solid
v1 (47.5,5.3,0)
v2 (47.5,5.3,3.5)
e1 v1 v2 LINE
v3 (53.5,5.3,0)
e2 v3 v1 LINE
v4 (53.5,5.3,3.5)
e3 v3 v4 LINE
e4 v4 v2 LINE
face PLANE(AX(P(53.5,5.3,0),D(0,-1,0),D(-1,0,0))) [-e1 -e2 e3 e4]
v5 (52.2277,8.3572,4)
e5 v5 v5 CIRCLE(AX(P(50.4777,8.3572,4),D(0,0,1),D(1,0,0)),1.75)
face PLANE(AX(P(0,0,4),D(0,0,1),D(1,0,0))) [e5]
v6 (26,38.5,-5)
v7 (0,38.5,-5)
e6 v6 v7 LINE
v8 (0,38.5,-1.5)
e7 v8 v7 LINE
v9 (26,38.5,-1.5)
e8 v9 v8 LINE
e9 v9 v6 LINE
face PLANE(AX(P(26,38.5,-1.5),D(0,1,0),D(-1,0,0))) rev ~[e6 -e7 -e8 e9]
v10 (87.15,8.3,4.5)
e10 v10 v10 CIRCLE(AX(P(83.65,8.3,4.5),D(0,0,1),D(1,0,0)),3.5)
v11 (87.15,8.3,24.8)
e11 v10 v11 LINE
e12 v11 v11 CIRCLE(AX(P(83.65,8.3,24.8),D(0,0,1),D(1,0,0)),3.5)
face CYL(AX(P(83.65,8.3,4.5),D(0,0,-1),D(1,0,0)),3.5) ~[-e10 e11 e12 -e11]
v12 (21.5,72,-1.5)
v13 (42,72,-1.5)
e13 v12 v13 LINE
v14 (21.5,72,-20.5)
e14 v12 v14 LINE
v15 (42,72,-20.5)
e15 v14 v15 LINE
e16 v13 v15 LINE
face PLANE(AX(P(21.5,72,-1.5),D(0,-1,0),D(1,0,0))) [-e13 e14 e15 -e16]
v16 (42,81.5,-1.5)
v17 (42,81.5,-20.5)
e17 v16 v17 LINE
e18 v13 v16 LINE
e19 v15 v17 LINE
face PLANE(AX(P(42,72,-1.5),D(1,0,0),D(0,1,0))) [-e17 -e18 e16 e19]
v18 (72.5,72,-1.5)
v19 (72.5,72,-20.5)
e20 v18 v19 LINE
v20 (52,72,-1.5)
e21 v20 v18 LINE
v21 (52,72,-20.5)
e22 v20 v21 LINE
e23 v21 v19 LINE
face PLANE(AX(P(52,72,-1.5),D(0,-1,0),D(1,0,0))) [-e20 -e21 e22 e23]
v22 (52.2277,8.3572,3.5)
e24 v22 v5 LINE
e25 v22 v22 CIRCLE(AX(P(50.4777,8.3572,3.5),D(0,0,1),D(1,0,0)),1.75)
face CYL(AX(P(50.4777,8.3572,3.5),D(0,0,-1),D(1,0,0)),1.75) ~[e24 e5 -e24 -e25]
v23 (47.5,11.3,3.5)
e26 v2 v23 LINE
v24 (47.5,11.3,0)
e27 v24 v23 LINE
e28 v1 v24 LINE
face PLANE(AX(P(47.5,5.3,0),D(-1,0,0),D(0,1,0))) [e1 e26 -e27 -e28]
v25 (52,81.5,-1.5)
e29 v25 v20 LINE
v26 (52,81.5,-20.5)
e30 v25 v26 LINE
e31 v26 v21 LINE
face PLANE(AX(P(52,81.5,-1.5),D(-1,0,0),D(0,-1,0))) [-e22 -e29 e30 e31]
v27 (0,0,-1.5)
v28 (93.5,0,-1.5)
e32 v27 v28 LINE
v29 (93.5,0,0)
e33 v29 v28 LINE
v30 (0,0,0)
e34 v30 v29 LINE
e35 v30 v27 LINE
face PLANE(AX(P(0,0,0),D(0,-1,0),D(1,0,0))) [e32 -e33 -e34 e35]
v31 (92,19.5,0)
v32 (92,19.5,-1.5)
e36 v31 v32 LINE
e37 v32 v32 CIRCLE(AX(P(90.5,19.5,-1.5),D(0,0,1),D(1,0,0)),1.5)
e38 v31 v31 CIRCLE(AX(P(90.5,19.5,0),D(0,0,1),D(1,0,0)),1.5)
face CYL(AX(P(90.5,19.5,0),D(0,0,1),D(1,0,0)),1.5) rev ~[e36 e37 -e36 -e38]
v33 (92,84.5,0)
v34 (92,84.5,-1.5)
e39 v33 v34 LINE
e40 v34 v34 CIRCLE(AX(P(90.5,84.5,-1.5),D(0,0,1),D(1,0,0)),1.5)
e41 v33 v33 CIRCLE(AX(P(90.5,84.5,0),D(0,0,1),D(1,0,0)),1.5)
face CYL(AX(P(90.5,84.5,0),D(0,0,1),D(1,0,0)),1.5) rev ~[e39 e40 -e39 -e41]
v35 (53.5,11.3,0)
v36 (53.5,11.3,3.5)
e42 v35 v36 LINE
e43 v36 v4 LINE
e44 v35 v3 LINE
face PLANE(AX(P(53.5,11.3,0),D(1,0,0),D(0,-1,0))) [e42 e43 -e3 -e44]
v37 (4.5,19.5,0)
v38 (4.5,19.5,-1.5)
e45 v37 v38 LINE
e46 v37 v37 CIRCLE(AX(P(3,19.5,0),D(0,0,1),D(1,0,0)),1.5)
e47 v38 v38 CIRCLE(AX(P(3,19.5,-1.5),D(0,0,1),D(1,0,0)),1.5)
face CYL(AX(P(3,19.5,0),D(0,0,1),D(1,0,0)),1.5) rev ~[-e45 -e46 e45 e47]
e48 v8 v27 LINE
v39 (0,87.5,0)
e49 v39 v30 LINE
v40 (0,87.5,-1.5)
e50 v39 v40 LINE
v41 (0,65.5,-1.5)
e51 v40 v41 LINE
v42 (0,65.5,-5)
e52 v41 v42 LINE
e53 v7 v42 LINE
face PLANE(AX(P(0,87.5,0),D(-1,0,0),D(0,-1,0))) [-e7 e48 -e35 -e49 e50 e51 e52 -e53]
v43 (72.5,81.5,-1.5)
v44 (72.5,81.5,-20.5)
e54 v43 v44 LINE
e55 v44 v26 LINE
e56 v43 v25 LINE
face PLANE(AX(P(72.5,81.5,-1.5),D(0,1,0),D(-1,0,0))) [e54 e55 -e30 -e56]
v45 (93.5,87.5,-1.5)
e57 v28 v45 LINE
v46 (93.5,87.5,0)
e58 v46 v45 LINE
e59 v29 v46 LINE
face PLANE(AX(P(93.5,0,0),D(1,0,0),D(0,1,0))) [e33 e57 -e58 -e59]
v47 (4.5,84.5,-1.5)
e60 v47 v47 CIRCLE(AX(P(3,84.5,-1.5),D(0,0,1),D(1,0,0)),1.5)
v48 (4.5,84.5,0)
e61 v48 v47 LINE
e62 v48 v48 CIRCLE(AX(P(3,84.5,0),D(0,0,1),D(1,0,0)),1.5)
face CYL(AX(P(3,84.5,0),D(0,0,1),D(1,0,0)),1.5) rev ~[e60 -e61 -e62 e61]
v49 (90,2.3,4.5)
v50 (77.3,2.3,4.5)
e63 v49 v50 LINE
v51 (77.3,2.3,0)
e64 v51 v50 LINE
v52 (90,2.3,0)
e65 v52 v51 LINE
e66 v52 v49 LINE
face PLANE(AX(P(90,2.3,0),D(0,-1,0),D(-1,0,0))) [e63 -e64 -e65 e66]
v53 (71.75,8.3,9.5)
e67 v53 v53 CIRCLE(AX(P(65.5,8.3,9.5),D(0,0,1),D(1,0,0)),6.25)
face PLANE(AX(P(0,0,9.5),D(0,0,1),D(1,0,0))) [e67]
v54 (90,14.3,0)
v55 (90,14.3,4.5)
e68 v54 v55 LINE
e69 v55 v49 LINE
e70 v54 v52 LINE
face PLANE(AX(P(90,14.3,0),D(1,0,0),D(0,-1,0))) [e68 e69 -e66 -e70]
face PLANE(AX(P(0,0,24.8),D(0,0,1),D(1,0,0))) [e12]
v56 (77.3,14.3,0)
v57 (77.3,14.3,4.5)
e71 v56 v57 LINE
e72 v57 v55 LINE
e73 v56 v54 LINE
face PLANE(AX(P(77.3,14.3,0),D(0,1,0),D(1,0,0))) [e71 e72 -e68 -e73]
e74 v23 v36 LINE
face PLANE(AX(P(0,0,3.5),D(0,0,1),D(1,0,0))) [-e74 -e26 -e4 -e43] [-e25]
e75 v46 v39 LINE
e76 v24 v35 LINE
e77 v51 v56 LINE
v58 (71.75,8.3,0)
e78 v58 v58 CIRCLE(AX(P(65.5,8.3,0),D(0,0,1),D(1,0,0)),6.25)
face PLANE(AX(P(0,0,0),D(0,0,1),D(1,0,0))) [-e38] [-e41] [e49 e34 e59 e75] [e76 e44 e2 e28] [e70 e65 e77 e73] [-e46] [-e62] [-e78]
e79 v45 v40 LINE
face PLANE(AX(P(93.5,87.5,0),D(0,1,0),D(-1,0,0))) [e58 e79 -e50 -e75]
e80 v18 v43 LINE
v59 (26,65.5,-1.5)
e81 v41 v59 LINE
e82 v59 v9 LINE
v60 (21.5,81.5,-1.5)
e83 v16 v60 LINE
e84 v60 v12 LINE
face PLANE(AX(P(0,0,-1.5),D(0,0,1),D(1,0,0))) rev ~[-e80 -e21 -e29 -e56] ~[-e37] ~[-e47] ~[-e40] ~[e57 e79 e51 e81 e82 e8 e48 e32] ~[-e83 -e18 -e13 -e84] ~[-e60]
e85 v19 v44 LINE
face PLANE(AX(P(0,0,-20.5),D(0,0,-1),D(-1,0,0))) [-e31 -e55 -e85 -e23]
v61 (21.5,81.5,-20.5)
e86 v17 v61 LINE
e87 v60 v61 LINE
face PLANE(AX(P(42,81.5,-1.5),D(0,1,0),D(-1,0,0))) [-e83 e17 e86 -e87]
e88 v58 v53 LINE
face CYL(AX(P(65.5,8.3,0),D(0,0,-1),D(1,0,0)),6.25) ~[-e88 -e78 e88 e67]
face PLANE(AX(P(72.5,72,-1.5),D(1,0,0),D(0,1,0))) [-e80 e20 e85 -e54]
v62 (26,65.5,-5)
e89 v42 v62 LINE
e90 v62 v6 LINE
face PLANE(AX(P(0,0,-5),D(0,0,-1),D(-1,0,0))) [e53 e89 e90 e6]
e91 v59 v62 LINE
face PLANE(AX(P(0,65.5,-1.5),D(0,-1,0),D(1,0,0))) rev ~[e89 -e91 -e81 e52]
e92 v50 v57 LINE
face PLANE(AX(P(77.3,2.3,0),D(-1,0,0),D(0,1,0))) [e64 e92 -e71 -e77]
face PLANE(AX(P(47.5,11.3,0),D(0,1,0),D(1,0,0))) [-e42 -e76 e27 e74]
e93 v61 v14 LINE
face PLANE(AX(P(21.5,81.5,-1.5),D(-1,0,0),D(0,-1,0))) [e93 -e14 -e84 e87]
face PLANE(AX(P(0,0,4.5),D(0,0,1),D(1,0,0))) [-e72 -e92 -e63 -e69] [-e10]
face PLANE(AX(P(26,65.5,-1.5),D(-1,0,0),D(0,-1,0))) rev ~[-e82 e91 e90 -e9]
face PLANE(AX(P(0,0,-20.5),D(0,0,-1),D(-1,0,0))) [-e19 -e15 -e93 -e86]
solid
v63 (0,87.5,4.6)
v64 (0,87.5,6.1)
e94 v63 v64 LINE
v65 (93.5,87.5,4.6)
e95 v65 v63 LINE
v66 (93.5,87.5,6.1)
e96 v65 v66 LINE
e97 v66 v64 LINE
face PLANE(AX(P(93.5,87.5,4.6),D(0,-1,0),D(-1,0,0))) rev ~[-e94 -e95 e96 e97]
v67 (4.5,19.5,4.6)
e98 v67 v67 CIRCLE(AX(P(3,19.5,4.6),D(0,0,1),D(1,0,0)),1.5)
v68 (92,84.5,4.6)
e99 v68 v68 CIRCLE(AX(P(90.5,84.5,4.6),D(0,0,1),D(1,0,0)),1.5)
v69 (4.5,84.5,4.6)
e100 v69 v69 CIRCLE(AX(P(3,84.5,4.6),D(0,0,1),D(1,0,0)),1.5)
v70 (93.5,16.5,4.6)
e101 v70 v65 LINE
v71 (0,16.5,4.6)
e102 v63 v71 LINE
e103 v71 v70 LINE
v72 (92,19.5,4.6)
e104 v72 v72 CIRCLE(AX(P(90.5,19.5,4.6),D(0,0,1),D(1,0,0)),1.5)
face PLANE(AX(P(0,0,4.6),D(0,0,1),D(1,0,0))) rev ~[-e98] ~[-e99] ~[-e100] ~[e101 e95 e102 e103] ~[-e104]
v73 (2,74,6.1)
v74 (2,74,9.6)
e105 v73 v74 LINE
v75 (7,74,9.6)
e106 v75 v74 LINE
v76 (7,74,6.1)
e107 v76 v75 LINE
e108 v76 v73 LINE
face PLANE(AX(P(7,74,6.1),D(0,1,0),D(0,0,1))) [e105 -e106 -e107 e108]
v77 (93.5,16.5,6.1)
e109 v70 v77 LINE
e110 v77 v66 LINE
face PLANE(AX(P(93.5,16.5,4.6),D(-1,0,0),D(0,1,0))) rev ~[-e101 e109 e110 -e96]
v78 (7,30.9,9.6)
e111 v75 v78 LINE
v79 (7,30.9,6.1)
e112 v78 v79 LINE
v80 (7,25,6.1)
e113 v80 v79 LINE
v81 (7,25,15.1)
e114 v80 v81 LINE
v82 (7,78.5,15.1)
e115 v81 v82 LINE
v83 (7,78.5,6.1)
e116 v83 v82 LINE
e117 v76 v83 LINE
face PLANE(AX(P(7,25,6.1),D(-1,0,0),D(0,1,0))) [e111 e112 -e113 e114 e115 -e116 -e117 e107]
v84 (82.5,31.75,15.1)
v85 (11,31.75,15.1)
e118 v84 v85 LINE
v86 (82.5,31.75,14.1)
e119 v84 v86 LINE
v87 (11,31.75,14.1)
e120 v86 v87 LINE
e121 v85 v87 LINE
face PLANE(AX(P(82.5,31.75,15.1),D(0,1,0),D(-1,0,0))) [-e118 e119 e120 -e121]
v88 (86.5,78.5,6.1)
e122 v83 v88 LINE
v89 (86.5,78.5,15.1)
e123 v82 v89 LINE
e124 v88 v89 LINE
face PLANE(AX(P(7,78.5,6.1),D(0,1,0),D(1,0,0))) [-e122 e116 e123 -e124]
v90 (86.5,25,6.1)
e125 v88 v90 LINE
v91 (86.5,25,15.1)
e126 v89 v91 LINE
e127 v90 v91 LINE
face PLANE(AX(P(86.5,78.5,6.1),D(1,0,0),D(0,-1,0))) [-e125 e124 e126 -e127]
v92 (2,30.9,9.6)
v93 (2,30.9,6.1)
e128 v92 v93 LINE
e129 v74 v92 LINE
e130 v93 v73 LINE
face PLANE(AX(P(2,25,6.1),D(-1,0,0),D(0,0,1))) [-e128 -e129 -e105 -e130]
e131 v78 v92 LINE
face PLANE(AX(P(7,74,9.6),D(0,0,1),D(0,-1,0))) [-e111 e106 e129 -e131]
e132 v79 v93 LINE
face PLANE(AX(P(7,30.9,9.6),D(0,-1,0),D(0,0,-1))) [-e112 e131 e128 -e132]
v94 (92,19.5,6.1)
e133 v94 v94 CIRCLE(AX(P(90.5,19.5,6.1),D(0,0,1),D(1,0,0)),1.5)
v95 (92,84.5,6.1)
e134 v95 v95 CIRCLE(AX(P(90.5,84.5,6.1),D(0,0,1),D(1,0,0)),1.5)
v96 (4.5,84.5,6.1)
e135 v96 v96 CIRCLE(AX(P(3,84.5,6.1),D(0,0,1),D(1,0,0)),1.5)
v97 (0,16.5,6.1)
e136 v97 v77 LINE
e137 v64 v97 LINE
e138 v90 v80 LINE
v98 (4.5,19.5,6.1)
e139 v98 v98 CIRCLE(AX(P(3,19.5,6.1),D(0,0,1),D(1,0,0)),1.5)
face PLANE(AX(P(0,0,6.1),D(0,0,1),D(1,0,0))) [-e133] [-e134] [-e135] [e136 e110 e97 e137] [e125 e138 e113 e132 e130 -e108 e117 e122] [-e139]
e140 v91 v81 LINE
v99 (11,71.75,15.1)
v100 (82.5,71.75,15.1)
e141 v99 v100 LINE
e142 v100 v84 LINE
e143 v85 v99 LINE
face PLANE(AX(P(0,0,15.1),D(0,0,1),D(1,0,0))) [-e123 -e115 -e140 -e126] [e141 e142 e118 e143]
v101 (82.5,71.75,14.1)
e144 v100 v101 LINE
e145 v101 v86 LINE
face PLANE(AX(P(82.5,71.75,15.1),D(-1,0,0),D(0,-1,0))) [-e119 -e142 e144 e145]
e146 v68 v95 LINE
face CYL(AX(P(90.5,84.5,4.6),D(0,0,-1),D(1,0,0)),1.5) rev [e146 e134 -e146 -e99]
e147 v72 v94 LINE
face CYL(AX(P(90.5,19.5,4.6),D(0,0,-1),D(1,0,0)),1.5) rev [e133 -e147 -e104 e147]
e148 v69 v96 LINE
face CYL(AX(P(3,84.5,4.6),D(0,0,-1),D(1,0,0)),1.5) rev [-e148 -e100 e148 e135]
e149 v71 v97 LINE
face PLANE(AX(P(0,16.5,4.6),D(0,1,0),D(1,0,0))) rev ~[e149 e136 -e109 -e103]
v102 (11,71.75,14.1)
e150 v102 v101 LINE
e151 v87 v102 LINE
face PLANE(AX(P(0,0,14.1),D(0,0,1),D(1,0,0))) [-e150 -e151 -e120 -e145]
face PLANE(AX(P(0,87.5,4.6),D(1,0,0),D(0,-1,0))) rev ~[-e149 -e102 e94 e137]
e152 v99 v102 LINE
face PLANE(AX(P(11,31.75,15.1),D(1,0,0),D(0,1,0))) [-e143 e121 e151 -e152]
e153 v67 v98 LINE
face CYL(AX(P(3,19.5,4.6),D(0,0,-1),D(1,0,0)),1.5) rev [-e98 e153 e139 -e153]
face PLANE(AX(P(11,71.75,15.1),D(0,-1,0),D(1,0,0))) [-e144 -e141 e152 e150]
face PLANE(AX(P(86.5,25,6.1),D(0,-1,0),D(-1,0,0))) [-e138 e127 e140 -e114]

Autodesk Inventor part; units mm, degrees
ref_plane "YZ Plane" through (0, 0, 0) normal (1, 0, 0) x (0, 1, 0)
ref_plane "XZ Plane" through (0, 0, 0) normal (0, 1, 0) x (-1, 0, 0)
sketch "Sketch1" plane through (0, 0, 0) normal (0, 0, 1) x (1, 0, 0)
  line L0 (0, 0) -> (93.5, 0)
  line L1 (93.5, 0) -> (93.5, 87.5)
  line L2 (93.5, 87.5) -> (0, 87.5)
  line L3 (0, 87.5) -> (0, 0)
  line L4 (3, 84.5) -> (90.5, 84.5) construction
  line L5 (90.5, 84.5) -> (90.5, 19.5) construction
  line L6 (90.5, 19.5) -> (3, 19.5) construction
  line L7 (3, 19.5) -> (3, 84.5) construction
  circle A0 centre (3, 84.5) radius 1.5
  circle A1 centre (90.5, 84.5) radius 1.5
  circle A2 centre (90.5, 19.5) radius 1.5
  circle A3 centre (3, 19.5) radius 1.5
  dimension "d0" = 93.5
  dimension "d1" = 87.5
  dimension "d2" = 87.5
  dimension "d3" = 65
  dimension "d4" = 3
  dimension "d5" = 3
  dimension "d6" = 3
extrude "Extrusion1" add sketch "Sketch1" against normal blind 1.5
sketch "Sketch2" plane through (0, 0, -1.5) normal (0, 0, -1) x (-1, 0, 0)
  line L0 (0, 0) -> (0, 87.5) projected
  line L1 (0, 87.5) -> (-93.5, 87.5) projected
  line L2 (0, 65.5) -> (-26, 65.5)
  line L3 (-26, 65.5) -> (-26, 38.5)
  line L4 (-26, 38.5) -> (0, 38.5)
  line L5 (0, 38.5) -> (0, 65.5)
  dimension "d9" = 22
  dimension "d10" = 26
  dimension "d11" = 27
extrude "Extrusion2" add sketch "Sketch2" along normal blind 3.5
sketch "Sketch3" plane through (0, 0, -1.5) normal (0, 0, -1) x (-1, 0, 0)
  line L0 (0, 65.5) -> (0, 87.5) projected
  line L1 (0, 87.5) -> (-93.5, 87.5) projected
  line L2 (-42, 81.5) -> (-21.5, 81.5)
  line L3 (-21.5, 81.5) -> (-21.5, 72)
  line L4 (-21.5, 72) -> (-42, 72)
  line L5 (-42, 72) -> (-42, 81.5)
  line L6 (-72.5, 81.5) -> (-52, 81.5)
  line L7 (-52, 81.5) -> (-52, 72)
  line L8 (-52, 72) -> (-72.5, 72)
  line L9 (-72.5, 72) -> (-72.5, 81.5)
  dimension "d14" = 21.5
  dimension "d15" = 6
  dimension "d16" = 9.5
  dimension "d17" = 20.5
  dimension "d18" = 10
  dimension "d19" = 6
extrude "Extrusion3" add sketch "Sketch3" along normal blind 19
ref_plane "Work Plane1" through (0, 0, 4.6) normal (0, 0, 1) x (1, 0, 0)
sketch "Sketch4" plane through (0, 0, 4.6) normal (0, 0, 1) x (1, 0, 0)
  line L0 (0, 0) -> (0, 16.5) construction
  line L1 (0, 16.5) -> (93.5, 16.5)
  line L2 (93.5, 16.5) -> (93.5, 87.5)
  line L3 (93.5, 87.5) -> (0, 87.5)
  line L4 (0, 87.5) -> (0, 16.5)
  line L5 (3, 84.5) -> (90.5, 84.5) construction
  line L6 (90.5, 84.5) -> (90.5, 19.5) construction
  line L7 (90.5, 19.5) -> (3, 19.5) construction
  line L8 (3, 19.5) -> (3, 84.5) construction
  circle A0 centre (3, 84.5) radius 1.5
  circle A1 centre (90.5, 84.5) radius 1.5
  circle A2 centre (90.5, 19.5) radius 1.5
  circle A3 centre (3, 19.5) radius 1.5
  dimension "d23" = 16.5
  dimension "d24" = 93.5
  dimension "d25" = 71
  dimension "d26" = 87.5
  dimension "d27" = 65
  dimension "d28" = 3
  dimension "d29" = 3
  dimension "d30" = 3
extrude "Extrusion4" add sketch "Sketch4" along normal blind 1.5
sketch "Sketch5" plane through (0, 0, 6.1) normal (0, 0, 1) x (1, 0, 0)
  line L0 (0, 16.5) -> (93.5, 16.5) projected
  line L1 (93.5, 16.5) -> (93.5, 87.5) projected
  line L2 (93.5, 87.5) -> (0, 87.5) projected
  line L3 (0, 87.5) -> (0, 16.5) projected
  line L4 (7, 78.5) -> (86.5, 78.5)
  line L5 (86.5, 78.5) -> (86.5, 25)
  line L6 (86.5, 25) -> (7, 25)
  line L7 (7, 25) -> (7, 78.5)
  point P0 (0, 0)
  dimension "d33" = 9
  dimension "d34" = 7
  dimension "d35" = 7
  dimension "d36" = 8.5
  dimension "d37" = 53.5
extrude "Extrusion5" add sketch "Sketch5" along normal blind 9 contours L4 L5 L6 L7
sketch "Sketch6" plane through (7, 25, 6.1) normal (-1, 0, 0) x (0, 0, 1)
  line L0 (0, 0) -> (0, 53.5) projected
  line L1 (0, 53.5) -> (9, 53.5) projected
  line L2 (0, 49) -> (3.5, 49)
  line L3 (3.5, 49) -> (3.5, 5.9)
  line L4 (3.5, 5.9) -> (0, 5.9)
  line L5 (0, 5.9) -> (0, 49)
  point P0 (-6.1, -25)
  dimension "d40" = 3.5
  dimension "d41" = 43.1
  dimension "d42" = 4.5
extrude "Extrusion6" add sketch "Sketch6" along normal blind 5
sketch "Sketch7" plane through (0, 0, 0) normal (0, 0, 1) x (1, 0, 0)
  line L0 (47.5, 11.3) -> (53.5, 11.3)
  line L1 (53.5, 11.3) -> (53.5, 5.3)
  line L2 (53.5, 5.3) -> (47.5, 5.3)
  line L3 (47.5, 5.3) -> (47.5, 11.3)
  line L4 (0, 0) -> (93.5, 0) projected
  line L5 (93.5, 0) -> (93.5, 87.5) projected
  dimension "d45" = 6
  dimension "d46" = 6
  dimension "d52" = 40
  dimension "d53" = 5.3
extrude "Extrusion7" add sketch "Sketch7" along normal blind 3.5
sketch "Sketch8" plane through (0, 0, 3.5) normal (0, 0, 1) x (1, 0, 0)
  circle A0 centre (50.4777, 8.3572) radius 1.75
  point P0 (0, 0)
  dimension "d49" = 3.5
extrude "Extrusion8" add sketch "Sketch8" along normal blind 0.5
sketch "Sketch9" plane through (0, 0, 0) normal (0, 0, 1) x (1, 0, 0)
  line L0 (0, 0) -> (93.5, 0) projected
  line L1 (93.5, 0) -> (93.5, 87.5) projected
  circle A0 centre (65.5, 8.3) radius 6.25
  dimension "d54" = 12.5
  dimension "d55" = 28
  dimension "d56" = 8.3
extrude "Extrusion9" add sketch "Sketch9" along normal blind 9.5
sketch "Sketch10" plane through (0, 0, 0) normal (0, 0, 1) x (1, 0, 0)
  line L0 (0, 0) -> (93.5, 0) projected
  line L1 (93.5, 0) -> (93.5, 87.5) projected
  line L2 (77.3, 14.3) -> (90, 14.3)
  line L3 (90, 14.3) -> (90, 2.3)
  line L4 (90, 2.3) -> (77.3, 2.3)
  line L5 (77.3, 2.3) -> (77.3, 14.3)
  line L6 (77.3, 14.3) -> (90, 2.3) construction
  line L7 (90, 14.3) -> (77.3, 2.3) construction
  point P0 (83.65, 8.3)
  dimension "d59" = 12.7
  dimension "d60" = 12
  dimension "d61" = 3.5
  dimension "d62" = 2.3
extrude "Extrusion10" add sketch "Sketch10" along normal blind 4.5
sketch "Sketch11" plane through (0, 0, 4.5) normal (0, 0, 1) x (1, 0, 0)
  circle A0 centre (83.65, 8.3) radius 3.5
  point P0 (0, 0)
  dimension "d65" = 7
extrude "Extrusion11" add sketch "Sketch11" along normal blind 20.3
sketch "Sketch12" plane through (0, 0, 15.1) normal (0, 0, 1) x (1, 0, 0)
  line L0 (86.5, 78.5) -> (7, 78.5) projected
  line L1 (7, 78.5) -> (7, 25) projected
  line L2 (7, 25) -> (86.5, 25) projected
  line L3 (86.5, 25) -> (86.5, 78.5) projected
  line L4 (11, 71.75) -> (82.5, 71.75)
  line L5 (82.5, 71.75) -> (82.5, 31.75)
  line L6 (82.5, 31.75) -> (11, 31.75)
  line L7 (11, 31.75) -> (11, 71.75)
  point P0 (0, 0)
  dimension "d68" = 71.5
  dimension "d69" = 40
  dimension "d70" = 6.75
  dimension "d71" = 6.75
  dimension "d72" = 4
  dimension "d73" = 4
extrude "Extrusion12" cut sketch "Sketch12" against normal blind 1 contours L4 L5 L6 L7
properties part number "RRD Smart Graphic Controller"
